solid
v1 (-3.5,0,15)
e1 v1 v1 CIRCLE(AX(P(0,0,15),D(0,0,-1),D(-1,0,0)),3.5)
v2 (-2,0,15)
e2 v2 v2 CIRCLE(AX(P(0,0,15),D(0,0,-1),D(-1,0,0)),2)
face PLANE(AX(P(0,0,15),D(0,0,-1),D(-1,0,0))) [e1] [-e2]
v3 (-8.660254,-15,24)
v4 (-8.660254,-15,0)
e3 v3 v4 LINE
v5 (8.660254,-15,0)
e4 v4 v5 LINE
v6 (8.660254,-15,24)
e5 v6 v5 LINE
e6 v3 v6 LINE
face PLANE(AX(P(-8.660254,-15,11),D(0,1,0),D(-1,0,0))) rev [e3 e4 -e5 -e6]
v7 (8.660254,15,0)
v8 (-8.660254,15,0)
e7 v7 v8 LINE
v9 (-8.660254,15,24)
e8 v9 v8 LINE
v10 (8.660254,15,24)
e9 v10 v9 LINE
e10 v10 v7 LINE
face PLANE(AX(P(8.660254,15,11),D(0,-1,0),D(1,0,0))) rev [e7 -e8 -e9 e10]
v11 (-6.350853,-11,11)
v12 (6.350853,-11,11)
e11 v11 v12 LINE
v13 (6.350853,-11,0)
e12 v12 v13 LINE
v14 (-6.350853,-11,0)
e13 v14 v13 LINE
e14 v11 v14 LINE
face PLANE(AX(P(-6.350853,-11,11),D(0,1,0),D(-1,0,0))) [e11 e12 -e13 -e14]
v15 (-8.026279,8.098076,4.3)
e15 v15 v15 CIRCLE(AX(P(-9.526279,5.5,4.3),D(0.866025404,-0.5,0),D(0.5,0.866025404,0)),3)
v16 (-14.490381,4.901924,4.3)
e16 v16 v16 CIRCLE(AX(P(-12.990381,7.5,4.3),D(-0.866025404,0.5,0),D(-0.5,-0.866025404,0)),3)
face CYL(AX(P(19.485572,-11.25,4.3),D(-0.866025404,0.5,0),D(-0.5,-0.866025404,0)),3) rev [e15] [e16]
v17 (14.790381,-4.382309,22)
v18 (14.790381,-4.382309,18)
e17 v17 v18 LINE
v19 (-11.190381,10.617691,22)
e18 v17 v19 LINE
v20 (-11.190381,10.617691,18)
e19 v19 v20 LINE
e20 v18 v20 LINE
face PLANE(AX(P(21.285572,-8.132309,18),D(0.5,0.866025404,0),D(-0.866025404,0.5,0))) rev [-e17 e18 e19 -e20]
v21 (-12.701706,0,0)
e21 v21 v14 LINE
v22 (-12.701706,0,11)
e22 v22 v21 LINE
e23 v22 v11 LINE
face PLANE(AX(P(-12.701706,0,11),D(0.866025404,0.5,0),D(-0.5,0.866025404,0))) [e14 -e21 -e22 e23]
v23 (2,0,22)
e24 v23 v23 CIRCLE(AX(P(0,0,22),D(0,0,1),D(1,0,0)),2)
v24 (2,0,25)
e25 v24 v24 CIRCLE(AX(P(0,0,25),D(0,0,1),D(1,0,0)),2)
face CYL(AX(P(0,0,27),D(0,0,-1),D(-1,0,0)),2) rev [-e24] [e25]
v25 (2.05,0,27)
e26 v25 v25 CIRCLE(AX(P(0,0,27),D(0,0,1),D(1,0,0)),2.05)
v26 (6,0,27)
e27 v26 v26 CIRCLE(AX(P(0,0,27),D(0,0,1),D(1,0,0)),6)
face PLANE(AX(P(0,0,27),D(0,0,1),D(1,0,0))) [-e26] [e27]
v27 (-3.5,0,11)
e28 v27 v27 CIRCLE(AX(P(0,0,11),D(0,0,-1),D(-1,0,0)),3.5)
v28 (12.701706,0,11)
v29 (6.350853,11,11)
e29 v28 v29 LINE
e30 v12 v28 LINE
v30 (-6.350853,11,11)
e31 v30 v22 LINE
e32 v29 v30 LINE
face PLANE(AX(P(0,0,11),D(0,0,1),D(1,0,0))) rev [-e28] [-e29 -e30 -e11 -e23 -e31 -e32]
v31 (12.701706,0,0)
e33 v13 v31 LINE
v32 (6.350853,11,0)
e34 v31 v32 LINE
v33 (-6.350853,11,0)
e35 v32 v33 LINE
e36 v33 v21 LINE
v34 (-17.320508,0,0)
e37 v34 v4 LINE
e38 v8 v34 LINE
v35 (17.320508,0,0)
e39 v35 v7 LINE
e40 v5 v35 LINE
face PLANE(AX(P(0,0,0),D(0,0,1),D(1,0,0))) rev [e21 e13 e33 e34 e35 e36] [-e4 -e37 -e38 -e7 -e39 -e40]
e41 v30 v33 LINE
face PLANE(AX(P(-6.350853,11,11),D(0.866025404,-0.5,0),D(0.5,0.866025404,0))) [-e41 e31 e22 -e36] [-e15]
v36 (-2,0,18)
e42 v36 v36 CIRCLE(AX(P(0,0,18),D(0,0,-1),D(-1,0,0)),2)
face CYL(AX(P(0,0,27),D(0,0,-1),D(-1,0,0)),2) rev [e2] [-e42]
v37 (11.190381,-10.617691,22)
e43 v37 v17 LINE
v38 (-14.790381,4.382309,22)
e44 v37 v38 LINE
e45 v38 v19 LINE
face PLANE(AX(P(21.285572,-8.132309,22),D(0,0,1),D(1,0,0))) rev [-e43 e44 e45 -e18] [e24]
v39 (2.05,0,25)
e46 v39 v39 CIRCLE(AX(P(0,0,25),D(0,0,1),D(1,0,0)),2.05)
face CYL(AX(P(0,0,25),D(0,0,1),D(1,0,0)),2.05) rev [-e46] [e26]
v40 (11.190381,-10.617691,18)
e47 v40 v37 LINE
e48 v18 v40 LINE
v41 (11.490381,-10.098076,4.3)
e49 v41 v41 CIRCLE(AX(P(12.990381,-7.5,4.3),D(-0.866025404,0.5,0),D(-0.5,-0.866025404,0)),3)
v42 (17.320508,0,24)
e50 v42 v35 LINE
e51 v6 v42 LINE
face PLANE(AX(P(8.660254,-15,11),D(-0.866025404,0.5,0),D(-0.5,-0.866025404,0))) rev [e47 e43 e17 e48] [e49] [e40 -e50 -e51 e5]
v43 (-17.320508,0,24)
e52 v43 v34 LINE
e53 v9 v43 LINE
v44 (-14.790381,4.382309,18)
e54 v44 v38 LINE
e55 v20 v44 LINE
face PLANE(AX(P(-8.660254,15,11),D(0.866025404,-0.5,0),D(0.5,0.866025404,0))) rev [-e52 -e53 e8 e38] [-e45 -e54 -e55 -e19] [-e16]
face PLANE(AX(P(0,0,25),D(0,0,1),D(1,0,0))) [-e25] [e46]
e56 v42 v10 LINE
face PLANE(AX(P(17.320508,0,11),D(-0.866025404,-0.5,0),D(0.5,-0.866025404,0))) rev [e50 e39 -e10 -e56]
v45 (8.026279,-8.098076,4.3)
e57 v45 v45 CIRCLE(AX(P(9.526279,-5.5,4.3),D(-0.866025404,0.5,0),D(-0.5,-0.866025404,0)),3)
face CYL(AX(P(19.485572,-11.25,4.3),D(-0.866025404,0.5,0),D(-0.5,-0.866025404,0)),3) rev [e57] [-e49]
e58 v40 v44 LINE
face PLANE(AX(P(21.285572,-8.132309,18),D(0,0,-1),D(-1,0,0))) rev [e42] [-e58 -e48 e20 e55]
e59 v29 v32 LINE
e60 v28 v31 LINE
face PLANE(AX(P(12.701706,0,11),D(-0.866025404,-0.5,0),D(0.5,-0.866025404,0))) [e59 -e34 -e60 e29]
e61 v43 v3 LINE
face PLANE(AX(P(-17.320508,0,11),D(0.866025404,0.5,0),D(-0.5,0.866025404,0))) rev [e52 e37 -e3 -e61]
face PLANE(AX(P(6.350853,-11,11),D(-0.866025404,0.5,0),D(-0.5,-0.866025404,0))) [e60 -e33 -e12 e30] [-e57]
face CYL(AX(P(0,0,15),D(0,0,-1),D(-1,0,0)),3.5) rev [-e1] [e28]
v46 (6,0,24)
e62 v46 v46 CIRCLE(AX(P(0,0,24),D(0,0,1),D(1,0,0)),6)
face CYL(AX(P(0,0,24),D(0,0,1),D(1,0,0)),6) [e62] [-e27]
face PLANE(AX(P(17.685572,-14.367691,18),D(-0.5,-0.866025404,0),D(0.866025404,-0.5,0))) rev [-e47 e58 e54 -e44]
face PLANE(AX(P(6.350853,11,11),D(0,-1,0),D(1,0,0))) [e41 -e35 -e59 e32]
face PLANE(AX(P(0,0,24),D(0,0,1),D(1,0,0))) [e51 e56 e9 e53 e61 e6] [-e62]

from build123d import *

# Parameters (mm, degrees)
SALIENTE_EXTRUIR1_DEPTH = 11
CROQUIS2_R              = 2
SALIENTE_EXTRUIR3_DEPTH = 16
CROQUIS3_R              = 2.05
CORTAR_EXTRUIR1_DEPTH   = 2
CROQUIS4_R              = 3.5
CORTAR_EXTRUIR2_DEPTH   = 4
CROQUIS5_W              = 4
CROQUIS5_H              = 7.2
CORTAR_EXTRUIR3_DEPTH   = 47.411205543
CROQUIS6_R              = 3
CORTAR_EXTRUIR4_DEPTH   = 47.411205543
CROQUIS7_R              = 6
CORTAR_EXTRUIR5_DEPTH   = 3


with BuildPart() as part:
    # Croquis1 → Saliente-Extruir1 (new body)
    with BuildSketch(Plane.XY):
        Polygon((17.320508076, 0), (8.660254038, 15), (-8.660254038, 15), (-17.320508076, 0), (-8.660254038, -15), (8.660254038, -15), align=None)
        Polygon((12.701705922, 0), (6.350852961, 11), (-6.350852961, 11), (-12.701705922, 0), (-6.350852961, -11), (6.350852961, -11), align=None, mode=Mode.SUBTRACT)
    extrude(amount=SALIENTE_EXTRUIR1_DEPTH)

    # Croquis2 → Saliente-Extruir3 (add)
    with BuildSketch(Plane.XY.offset(11)):
        Polygon((-8.660254038, 15), (-17.320508076, 0), (-8.660254038, -15), (8.660254038, -15), (17.320508076, 0), (8.660254038, 15), align=None)
        Circle(CROQUIS2_R, mode=Mode.SUBTRACT)
    extrude(amount=SALIENTE_EXTRUIR3_DEPTH)

    # Croquis3 → Cortar-Extruir1 (cut)
    with BuildSketch(Plane.XY.offset(27)):
        Circle(CROQUIS3_R)
    extrude(amount=-CORTAR_EXTRUIR1_DEPTH, mode=Mode.SUBTRACT)

    # Croquis4 → Cortar-Extruir2 (cut)
    with BuildSketch(Plane(origin=(0, 0, 11), x_dir=(-1, 0, 0), z_dir=(0, 0, -1))):
        Circle(CROQUIS4_R)
    extrude(amount=-CORTAR_EXTRUIR2_DEPTH, mode=Mode.SUBTRACT)

    # Croquis5 → Cortar-Extruir3 (cut, through all)
    with BuildSketch(Plane(origin=(-12.990381057, 7.5, 0), x_dir=(0, 0, 1), z_dir=(-0.8660254037844386, 0.5, 0))):
        with Locations((20, 0)):
            Rectangle(CROQUIS5_W, CROQUIS5_H)
    extrude(amount=-CORTAR_EXTRUIR3_DEPTH, mode=Mode.SUBTRACT)

    # Croquis6 → Cortar-Extruir4 (cut, through all)
    with BuildSketch(Plane(origin=(-12.990381057, 7.5, 0), x_dir=(0, 0, 1), z_dir=(-0.8660254037844386, 0.5, 0))):
        with Locations(Location((4.3, 0, 0), (0, 0, 270))):
            Circle(CROQUIS6_R)
    extrude(amount=-CORTAR_EXTRUIR4_DEPTH, mode=Mode.SUBTRACT)

    # Croquis7 → Cortar-Extruir5 (cut)
    with BuildSketch(Plane.XY.offset(27)):
        Polygon((-8.660254038, 15), (-17.320508076, 0), (-8.660254038, -15), (8.660254038, -15), (17.320508076, 0), (8.660254038, 15), align=None)
        Circle(CROQUIS7_R, mode=Mode.SUBTRACT)
    extrude(amount=-CORTAR_EXTRUIR5_DEPTH, mode=Mode.SUBTRACT)


solid = part.part
